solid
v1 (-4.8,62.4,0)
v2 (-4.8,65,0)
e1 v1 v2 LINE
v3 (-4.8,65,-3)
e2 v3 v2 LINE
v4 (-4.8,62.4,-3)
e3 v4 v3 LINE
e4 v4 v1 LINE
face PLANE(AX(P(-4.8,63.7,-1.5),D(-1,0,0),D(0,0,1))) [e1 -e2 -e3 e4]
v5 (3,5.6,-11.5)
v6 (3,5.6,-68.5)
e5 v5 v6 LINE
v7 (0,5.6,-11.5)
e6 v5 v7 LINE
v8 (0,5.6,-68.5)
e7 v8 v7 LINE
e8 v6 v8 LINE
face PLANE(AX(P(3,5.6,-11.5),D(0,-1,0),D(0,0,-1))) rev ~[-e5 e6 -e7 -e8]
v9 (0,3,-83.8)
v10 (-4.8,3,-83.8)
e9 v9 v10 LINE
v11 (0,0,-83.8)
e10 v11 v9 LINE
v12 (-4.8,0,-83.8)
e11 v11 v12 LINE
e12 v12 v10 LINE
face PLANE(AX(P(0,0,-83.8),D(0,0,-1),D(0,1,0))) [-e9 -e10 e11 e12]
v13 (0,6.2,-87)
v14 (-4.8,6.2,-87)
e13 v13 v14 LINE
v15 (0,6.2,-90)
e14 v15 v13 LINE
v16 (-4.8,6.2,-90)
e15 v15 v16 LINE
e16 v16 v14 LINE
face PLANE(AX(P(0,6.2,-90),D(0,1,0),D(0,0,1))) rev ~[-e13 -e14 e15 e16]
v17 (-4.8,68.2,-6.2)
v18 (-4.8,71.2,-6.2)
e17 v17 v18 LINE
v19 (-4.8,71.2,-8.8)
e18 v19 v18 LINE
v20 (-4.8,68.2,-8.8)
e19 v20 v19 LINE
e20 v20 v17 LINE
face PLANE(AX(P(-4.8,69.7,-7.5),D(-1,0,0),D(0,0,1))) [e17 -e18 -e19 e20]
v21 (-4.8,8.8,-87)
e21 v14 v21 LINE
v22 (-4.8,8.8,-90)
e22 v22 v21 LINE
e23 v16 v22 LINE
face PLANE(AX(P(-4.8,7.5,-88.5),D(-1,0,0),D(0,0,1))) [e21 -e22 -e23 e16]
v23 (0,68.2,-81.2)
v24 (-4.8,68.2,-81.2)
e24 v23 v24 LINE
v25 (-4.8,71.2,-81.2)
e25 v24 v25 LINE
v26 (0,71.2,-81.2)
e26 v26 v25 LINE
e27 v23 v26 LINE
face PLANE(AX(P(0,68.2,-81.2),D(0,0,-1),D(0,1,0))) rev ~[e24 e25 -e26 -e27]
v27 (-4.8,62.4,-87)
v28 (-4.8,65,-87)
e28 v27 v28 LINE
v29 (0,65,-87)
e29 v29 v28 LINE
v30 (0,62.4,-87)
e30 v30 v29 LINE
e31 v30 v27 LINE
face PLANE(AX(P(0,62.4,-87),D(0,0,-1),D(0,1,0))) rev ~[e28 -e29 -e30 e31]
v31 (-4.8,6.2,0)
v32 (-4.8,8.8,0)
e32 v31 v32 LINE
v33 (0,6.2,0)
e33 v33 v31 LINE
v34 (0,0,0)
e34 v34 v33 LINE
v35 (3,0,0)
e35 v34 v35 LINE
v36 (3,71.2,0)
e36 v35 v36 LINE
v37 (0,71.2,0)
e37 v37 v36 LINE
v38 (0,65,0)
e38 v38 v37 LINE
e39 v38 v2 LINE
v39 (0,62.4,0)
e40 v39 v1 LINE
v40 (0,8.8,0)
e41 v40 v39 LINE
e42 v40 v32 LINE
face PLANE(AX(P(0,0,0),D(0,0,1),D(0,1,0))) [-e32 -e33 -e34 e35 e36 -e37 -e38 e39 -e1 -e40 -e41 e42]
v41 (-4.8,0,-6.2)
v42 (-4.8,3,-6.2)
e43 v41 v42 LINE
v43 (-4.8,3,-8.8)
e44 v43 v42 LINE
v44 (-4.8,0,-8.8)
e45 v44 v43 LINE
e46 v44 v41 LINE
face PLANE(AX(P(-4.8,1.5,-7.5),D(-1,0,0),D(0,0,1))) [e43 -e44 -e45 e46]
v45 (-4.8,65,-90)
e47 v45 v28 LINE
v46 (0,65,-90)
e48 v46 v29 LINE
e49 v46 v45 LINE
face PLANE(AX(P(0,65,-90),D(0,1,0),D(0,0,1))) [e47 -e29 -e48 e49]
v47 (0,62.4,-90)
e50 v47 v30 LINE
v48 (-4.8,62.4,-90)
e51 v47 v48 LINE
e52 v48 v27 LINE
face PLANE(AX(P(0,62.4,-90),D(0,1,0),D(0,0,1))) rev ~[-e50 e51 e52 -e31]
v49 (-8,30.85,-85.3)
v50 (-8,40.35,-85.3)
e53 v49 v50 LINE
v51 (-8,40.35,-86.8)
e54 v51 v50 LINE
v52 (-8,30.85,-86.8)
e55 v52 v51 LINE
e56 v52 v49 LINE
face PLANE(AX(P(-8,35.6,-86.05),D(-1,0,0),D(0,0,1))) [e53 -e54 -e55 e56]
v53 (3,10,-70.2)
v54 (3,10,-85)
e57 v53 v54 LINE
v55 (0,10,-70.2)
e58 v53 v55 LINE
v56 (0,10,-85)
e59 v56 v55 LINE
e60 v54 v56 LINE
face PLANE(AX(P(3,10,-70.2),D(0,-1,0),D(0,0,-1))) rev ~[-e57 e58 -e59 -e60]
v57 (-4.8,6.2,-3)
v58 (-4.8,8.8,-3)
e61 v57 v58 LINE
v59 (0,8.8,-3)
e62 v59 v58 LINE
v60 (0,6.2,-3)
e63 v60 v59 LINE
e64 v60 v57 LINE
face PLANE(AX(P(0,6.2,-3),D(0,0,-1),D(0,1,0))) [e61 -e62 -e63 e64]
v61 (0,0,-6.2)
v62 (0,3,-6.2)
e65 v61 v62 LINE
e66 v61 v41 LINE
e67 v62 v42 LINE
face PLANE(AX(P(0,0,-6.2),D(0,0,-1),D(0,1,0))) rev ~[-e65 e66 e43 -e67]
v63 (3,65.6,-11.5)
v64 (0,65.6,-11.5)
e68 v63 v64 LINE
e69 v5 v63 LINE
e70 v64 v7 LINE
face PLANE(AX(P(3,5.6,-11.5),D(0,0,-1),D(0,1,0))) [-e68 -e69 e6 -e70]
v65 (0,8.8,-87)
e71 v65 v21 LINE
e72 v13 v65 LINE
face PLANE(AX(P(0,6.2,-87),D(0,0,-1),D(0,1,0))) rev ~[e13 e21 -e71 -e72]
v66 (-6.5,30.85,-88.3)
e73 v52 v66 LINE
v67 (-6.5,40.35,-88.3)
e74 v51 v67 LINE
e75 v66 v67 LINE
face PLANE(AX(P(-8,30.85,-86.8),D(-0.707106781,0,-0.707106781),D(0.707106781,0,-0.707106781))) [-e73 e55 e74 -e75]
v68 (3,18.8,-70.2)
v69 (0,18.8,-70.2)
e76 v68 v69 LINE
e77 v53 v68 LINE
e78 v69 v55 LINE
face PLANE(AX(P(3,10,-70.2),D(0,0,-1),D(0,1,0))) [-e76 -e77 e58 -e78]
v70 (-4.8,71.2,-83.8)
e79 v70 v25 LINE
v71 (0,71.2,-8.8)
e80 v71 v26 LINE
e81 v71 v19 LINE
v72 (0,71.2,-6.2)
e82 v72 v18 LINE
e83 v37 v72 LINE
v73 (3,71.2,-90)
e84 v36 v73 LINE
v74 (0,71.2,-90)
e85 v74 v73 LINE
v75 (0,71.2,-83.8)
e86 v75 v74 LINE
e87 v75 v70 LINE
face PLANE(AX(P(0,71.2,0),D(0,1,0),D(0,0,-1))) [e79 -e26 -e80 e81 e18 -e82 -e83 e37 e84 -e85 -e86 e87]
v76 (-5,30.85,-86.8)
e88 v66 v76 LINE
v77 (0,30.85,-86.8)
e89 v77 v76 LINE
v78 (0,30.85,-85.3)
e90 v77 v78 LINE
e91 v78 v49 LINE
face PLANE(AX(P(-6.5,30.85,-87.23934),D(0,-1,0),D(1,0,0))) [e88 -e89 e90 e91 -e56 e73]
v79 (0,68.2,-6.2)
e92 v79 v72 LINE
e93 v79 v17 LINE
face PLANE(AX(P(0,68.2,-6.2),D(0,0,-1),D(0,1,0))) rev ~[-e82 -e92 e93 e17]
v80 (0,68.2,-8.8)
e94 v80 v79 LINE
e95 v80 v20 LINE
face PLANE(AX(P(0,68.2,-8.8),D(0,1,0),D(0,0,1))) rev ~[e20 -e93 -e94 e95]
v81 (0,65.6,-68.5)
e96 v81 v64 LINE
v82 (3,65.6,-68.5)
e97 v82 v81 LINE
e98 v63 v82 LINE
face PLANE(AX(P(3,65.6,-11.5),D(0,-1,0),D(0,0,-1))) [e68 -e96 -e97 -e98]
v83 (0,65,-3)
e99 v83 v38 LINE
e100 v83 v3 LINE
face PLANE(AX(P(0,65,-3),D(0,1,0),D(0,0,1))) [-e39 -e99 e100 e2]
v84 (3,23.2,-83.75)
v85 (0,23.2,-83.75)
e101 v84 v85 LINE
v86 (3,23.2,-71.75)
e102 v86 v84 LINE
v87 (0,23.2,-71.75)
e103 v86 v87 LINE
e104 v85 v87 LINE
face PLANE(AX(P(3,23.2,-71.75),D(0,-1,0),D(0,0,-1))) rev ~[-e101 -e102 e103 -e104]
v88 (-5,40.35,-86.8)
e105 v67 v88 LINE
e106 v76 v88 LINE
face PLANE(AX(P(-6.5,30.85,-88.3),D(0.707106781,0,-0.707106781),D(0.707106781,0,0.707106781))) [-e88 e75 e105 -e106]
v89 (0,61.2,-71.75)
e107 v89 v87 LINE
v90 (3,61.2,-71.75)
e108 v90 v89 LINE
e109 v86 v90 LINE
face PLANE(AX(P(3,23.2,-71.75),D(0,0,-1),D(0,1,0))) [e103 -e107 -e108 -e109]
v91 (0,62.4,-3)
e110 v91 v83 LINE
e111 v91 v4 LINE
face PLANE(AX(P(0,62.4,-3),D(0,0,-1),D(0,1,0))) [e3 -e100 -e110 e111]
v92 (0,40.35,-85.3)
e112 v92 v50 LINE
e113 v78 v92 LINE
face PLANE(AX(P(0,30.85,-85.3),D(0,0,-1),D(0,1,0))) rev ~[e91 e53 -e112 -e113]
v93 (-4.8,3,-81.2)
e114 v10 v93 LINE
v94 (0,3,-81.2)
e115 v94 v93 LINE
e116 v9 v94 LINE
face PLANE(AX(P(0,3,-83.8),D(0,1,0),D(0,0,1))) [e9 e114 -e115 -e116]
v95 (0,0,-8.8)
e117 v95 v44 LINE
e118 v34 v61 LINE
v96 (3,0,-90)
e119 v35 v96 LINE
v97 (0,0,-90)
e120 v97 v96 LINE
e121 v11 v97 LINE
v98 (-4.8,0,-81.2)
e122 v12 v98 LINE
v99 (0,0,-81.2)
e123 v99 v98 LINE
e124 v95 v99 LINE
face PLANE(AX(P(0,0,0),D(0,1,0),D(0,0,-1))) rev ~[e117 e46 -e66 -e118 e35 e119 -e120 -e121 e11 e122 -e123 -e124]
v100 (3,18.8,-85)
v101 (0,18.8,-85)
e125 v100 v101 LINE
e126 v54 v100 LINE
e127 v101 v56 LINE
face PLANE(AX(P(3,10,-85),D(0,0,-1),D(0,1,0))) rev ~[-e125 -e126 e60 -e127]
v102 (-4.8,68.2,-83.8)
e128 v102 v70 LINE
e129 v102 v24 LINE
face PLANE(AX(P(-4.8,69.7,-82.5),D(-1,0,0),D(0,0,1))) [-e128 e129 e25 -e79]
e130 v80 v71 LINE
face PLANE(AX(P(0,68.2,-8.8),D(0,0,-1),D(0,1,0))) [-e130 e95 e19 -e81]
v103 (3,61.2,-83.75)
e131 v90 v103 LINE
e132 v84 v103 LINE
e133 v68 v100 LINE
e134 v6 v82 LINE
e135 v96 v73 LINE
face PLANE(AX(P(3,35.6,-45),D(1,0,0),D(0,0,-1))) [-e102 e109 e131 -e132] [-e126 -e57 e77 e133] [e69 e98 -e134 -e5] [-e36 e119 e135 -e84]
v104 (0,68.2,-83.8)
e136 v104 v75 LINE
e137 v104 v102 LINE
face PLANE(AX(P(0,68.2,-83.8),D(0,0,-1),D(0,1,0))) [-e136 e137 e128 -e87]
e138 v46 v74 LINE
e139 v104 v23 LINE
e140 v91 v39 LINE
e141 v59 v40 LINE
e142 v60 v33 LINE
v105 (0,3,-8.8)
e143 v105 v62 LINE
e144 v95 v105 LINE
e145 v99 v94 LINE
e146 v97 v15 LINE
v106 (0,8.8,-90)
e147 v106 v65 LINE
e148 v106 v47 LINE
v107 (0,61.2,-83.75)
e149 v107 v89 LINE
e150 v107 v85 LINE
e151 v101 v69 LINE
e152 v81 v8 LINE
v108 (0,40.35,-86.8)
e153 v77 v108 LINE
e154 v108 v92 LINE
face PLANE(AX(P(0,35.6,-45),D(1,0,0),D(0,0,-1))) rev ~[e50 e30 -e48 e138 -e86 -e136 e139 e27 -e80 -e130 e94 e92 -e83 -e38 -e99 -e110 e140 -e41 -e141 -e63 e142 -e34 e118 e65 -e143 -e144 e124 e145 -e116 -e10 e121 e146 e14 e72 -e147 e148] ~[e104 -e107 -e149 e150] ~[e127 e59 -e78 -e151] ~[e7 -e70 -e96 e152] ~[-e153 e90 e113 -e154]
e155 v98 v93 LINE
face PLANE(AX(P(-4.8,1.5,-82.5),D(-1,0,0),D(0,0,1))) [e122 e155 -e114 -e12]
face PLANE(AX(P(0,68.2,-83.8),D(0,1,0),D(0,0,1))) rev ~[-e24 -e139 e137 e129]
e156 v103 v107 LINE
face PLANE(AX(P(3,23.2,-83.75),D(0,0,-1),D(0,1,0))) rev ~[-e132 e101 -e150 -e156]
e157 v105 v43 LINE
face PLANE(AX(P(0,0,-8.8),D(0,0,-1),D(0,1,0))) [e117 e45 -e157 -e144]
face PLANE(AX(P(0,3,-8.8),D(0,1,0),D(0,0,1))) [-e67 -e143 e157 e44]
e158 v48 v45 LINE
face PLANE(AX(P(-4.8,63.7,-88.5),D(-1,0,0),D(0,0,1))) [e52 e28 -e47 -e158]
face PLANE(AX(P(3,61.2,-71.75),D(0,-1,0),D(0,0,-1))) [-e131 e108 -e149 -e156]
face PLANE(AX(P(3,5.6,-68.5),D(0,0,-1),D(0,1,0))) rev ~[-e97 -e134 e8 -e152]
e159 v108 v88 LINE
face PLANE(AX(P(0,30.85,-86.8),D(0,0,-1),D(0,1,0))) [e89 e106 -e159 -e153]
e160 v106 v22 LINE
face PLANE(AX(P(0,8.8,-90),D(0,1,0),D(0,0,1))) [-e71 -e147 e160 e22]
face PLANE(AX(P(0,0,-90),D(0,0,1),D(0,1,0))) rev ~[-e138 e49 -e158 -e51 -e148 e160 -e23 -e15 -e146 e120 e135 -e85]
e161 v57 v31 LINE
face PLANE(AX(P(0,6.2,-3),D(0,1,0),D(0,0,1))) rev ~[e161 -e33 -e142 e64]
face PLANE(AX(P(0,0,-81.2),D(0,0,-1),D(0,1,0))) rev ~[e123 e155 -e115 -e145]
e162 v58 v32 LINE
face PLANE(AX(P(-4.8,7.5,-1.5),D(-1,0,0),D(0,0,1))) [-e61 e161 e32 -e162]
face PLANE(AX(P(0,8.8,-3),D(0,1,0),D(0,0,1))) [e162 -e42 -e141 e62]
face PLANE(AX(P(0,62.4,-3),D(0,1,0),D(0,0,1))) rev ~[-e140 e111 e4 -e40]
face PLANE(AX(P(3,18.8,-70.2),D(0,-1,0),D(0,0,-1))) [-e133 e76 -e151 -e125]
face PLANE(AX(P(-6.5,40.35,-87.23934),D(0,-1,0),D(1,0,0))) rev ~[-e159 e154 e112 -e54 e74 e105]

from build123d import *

# Parameters (mm, degrees)
SKETCH1_W           = 90
SKETCH1_H           = 71.2
BOSS_EXTRUDE1_DEPTH = 3
SKETCH2_W           = 3
SKETCH2_H           = 2.6
SKETCH2_W_2         = 2.6
SKETCH2_H_2         = 3
BOSS_EXTRUDE2_DEPTH = 4.8
CUT_EXTRUDE1_REACH  = 117.023
SKETCH4_W           = 57
SKETCH4_H           = 60
CUT_EXTRUDE2_REACH  = 117.023
SKETCH5_W           = 14.8
SKETCH5_H           = 8.8
SKETCH5_W_2         = 12
SKETCH5_H_2         = 38
SKETCH6_W           = 1.5
SKETCH6_H           = 9.5
BOSS_EXTRUDE3_DEPTH = 8
BOSS_EXTRUDE4_DEPTH = 9.5


with BuildPart() as part:
    # Sketch1 → Boss-Extrude1 (new body)
    with BuildSketch(Plane(origin=(0, 0, 0), x_dir=(0, 0, -1), z_dir=(1, 0, 0))):
        with Locations((45, 35.6)):
            Rectangle(SKETCH1_W, SKETCH1_H)
    extrude(amount=BOSS_EXTRUDE1_DEPTH)

    # Sketch2 → Boss-Extrude2 (add)
    with BuildSketch(Plane.ZY):
        with Locations((-88.5, 63.7)):
            Rectangle(SKETCH2_W, SKETCH2_H)
        with Locations((-82.5, 69.7)):
            Rectangle(SKETCH2_W_2, SKETCH2_H_2)
        with Locations((-7.5, 69.7)):
            Rectangle(SKETCH2_W_2, SKETCH2_H_2)
        with Locations((-1.5, 63.7)):
            Rectangle(SKETCH2_W, SKETCH2_H)
        with Locations((-1.5, 7.5)):
            Rectangle(SKETCH2_W, SKETCH2_H)
        with Locations((-7.5, 1.5)):
            Rectangle(SKETCH2_W_2, SKETCH2_H_2)
        with Locations((-88.5, 7.5)):
            Rectangle(SKETCH2_W, SKETCH2_H)
        with Locations((-82.5, 1.5)):
            Rectangle(SKETCH2_W_2, SKETCH2_H_2)
    extrude(amount=BOSS_EXTRUDE2_DEPTH)

    # Sketch4 → Cut-Extrude1 (cut, up to next)
    with BuildSketch(Plane(origin=(3, 0, 0), x_dir=(0, 0, -1), z_dir=(1, 0, 0)), mode=Mode.PRIVATE) as cut_extrude1_sk1:
        with Locations((40, 35.6)):
            Rectangle(SKETCH4_W, SKETCH4_H)
    cut_extrude1_tool1 = extrude(cut_extrude1_sk1.sketch, amount=-CUT_EXTRUDE1_REACH, mode=Mode.PRIVATE) & part.part
    add(cut_extrude1_tool1.solids().sort_by_distance((3, 35.6, -40))[0], mode=Mode.SUBTRACT)

    # Sketch5 → Cut-Extrude2 (cut, up to next)
    with BuildSketch(Plane(origin=(3, 0, 0), x_dir=(0, 0, -1), z_dir=(1, 0, 0)), mode=Mode.PRIVATE) as cut_extrude2_sk1:
        with Locations((77.6, 14.4)):
            Rectangle(SKETCH5_W, SKETCH5_H)
    cut_extrude2_tool1 = extrude(cut_extrude2_sk1.sketch, amount=-CUT_EXTRUDE2_REACH, mode=Mode.PRIVATE) & part.part
    # Sketch5 → Cut-Extrude2 (cut, up to next)
    with BuildSketch(Plane(origin=(3, 0, 0), x_dir=(0, 0, -1), z_dir=(1, 0, 0)), mode=Mode.PRIVATE) as cut_extrude2_sk2:
        with Locations((77.75, 42.2)):
            Rectangle(SKETCH5_W_2, SKETCH5_H_2)
    cut_extrude2_tool2 = extrude(cut_extrude2_sk2.sketch, amount=-CUT_EXTRUDE2_REACH, mode=Mode.PRIVATE) & part.part
    add(cut_extrude2_tool1.solids().sort_by_distance((3, 14.4, -77.6))[0], mode=Mode.SUBTRACT)
    add(cut_extrude2_tool2.solids().sort_by_distance((3, 42.2, -77.75))[0], mode=Mode.SUBTRACT)

    # Sketch6 → Boss-Extrude3 (add)
    with BuildSketch(Plane.ZY):
        with Locations((-86.05, 35.6)):
            Rectangle(SKETCH6_W, SKETCH6_H)
    extrude(amount=BOSS_EXTRUDE3_DEPTH)

    # Sketch7 → Boss-Extrude4 (add)
    with BuildSketch(Plane.XZ.offset(-30.85)):
        Polygon((-8, -86.8), (-6.5, -88.3), (-5, -86.8), align=None)
    extrude(amount=-BOSS_EXTRUDE4_DEPTH)


solid = part.part
